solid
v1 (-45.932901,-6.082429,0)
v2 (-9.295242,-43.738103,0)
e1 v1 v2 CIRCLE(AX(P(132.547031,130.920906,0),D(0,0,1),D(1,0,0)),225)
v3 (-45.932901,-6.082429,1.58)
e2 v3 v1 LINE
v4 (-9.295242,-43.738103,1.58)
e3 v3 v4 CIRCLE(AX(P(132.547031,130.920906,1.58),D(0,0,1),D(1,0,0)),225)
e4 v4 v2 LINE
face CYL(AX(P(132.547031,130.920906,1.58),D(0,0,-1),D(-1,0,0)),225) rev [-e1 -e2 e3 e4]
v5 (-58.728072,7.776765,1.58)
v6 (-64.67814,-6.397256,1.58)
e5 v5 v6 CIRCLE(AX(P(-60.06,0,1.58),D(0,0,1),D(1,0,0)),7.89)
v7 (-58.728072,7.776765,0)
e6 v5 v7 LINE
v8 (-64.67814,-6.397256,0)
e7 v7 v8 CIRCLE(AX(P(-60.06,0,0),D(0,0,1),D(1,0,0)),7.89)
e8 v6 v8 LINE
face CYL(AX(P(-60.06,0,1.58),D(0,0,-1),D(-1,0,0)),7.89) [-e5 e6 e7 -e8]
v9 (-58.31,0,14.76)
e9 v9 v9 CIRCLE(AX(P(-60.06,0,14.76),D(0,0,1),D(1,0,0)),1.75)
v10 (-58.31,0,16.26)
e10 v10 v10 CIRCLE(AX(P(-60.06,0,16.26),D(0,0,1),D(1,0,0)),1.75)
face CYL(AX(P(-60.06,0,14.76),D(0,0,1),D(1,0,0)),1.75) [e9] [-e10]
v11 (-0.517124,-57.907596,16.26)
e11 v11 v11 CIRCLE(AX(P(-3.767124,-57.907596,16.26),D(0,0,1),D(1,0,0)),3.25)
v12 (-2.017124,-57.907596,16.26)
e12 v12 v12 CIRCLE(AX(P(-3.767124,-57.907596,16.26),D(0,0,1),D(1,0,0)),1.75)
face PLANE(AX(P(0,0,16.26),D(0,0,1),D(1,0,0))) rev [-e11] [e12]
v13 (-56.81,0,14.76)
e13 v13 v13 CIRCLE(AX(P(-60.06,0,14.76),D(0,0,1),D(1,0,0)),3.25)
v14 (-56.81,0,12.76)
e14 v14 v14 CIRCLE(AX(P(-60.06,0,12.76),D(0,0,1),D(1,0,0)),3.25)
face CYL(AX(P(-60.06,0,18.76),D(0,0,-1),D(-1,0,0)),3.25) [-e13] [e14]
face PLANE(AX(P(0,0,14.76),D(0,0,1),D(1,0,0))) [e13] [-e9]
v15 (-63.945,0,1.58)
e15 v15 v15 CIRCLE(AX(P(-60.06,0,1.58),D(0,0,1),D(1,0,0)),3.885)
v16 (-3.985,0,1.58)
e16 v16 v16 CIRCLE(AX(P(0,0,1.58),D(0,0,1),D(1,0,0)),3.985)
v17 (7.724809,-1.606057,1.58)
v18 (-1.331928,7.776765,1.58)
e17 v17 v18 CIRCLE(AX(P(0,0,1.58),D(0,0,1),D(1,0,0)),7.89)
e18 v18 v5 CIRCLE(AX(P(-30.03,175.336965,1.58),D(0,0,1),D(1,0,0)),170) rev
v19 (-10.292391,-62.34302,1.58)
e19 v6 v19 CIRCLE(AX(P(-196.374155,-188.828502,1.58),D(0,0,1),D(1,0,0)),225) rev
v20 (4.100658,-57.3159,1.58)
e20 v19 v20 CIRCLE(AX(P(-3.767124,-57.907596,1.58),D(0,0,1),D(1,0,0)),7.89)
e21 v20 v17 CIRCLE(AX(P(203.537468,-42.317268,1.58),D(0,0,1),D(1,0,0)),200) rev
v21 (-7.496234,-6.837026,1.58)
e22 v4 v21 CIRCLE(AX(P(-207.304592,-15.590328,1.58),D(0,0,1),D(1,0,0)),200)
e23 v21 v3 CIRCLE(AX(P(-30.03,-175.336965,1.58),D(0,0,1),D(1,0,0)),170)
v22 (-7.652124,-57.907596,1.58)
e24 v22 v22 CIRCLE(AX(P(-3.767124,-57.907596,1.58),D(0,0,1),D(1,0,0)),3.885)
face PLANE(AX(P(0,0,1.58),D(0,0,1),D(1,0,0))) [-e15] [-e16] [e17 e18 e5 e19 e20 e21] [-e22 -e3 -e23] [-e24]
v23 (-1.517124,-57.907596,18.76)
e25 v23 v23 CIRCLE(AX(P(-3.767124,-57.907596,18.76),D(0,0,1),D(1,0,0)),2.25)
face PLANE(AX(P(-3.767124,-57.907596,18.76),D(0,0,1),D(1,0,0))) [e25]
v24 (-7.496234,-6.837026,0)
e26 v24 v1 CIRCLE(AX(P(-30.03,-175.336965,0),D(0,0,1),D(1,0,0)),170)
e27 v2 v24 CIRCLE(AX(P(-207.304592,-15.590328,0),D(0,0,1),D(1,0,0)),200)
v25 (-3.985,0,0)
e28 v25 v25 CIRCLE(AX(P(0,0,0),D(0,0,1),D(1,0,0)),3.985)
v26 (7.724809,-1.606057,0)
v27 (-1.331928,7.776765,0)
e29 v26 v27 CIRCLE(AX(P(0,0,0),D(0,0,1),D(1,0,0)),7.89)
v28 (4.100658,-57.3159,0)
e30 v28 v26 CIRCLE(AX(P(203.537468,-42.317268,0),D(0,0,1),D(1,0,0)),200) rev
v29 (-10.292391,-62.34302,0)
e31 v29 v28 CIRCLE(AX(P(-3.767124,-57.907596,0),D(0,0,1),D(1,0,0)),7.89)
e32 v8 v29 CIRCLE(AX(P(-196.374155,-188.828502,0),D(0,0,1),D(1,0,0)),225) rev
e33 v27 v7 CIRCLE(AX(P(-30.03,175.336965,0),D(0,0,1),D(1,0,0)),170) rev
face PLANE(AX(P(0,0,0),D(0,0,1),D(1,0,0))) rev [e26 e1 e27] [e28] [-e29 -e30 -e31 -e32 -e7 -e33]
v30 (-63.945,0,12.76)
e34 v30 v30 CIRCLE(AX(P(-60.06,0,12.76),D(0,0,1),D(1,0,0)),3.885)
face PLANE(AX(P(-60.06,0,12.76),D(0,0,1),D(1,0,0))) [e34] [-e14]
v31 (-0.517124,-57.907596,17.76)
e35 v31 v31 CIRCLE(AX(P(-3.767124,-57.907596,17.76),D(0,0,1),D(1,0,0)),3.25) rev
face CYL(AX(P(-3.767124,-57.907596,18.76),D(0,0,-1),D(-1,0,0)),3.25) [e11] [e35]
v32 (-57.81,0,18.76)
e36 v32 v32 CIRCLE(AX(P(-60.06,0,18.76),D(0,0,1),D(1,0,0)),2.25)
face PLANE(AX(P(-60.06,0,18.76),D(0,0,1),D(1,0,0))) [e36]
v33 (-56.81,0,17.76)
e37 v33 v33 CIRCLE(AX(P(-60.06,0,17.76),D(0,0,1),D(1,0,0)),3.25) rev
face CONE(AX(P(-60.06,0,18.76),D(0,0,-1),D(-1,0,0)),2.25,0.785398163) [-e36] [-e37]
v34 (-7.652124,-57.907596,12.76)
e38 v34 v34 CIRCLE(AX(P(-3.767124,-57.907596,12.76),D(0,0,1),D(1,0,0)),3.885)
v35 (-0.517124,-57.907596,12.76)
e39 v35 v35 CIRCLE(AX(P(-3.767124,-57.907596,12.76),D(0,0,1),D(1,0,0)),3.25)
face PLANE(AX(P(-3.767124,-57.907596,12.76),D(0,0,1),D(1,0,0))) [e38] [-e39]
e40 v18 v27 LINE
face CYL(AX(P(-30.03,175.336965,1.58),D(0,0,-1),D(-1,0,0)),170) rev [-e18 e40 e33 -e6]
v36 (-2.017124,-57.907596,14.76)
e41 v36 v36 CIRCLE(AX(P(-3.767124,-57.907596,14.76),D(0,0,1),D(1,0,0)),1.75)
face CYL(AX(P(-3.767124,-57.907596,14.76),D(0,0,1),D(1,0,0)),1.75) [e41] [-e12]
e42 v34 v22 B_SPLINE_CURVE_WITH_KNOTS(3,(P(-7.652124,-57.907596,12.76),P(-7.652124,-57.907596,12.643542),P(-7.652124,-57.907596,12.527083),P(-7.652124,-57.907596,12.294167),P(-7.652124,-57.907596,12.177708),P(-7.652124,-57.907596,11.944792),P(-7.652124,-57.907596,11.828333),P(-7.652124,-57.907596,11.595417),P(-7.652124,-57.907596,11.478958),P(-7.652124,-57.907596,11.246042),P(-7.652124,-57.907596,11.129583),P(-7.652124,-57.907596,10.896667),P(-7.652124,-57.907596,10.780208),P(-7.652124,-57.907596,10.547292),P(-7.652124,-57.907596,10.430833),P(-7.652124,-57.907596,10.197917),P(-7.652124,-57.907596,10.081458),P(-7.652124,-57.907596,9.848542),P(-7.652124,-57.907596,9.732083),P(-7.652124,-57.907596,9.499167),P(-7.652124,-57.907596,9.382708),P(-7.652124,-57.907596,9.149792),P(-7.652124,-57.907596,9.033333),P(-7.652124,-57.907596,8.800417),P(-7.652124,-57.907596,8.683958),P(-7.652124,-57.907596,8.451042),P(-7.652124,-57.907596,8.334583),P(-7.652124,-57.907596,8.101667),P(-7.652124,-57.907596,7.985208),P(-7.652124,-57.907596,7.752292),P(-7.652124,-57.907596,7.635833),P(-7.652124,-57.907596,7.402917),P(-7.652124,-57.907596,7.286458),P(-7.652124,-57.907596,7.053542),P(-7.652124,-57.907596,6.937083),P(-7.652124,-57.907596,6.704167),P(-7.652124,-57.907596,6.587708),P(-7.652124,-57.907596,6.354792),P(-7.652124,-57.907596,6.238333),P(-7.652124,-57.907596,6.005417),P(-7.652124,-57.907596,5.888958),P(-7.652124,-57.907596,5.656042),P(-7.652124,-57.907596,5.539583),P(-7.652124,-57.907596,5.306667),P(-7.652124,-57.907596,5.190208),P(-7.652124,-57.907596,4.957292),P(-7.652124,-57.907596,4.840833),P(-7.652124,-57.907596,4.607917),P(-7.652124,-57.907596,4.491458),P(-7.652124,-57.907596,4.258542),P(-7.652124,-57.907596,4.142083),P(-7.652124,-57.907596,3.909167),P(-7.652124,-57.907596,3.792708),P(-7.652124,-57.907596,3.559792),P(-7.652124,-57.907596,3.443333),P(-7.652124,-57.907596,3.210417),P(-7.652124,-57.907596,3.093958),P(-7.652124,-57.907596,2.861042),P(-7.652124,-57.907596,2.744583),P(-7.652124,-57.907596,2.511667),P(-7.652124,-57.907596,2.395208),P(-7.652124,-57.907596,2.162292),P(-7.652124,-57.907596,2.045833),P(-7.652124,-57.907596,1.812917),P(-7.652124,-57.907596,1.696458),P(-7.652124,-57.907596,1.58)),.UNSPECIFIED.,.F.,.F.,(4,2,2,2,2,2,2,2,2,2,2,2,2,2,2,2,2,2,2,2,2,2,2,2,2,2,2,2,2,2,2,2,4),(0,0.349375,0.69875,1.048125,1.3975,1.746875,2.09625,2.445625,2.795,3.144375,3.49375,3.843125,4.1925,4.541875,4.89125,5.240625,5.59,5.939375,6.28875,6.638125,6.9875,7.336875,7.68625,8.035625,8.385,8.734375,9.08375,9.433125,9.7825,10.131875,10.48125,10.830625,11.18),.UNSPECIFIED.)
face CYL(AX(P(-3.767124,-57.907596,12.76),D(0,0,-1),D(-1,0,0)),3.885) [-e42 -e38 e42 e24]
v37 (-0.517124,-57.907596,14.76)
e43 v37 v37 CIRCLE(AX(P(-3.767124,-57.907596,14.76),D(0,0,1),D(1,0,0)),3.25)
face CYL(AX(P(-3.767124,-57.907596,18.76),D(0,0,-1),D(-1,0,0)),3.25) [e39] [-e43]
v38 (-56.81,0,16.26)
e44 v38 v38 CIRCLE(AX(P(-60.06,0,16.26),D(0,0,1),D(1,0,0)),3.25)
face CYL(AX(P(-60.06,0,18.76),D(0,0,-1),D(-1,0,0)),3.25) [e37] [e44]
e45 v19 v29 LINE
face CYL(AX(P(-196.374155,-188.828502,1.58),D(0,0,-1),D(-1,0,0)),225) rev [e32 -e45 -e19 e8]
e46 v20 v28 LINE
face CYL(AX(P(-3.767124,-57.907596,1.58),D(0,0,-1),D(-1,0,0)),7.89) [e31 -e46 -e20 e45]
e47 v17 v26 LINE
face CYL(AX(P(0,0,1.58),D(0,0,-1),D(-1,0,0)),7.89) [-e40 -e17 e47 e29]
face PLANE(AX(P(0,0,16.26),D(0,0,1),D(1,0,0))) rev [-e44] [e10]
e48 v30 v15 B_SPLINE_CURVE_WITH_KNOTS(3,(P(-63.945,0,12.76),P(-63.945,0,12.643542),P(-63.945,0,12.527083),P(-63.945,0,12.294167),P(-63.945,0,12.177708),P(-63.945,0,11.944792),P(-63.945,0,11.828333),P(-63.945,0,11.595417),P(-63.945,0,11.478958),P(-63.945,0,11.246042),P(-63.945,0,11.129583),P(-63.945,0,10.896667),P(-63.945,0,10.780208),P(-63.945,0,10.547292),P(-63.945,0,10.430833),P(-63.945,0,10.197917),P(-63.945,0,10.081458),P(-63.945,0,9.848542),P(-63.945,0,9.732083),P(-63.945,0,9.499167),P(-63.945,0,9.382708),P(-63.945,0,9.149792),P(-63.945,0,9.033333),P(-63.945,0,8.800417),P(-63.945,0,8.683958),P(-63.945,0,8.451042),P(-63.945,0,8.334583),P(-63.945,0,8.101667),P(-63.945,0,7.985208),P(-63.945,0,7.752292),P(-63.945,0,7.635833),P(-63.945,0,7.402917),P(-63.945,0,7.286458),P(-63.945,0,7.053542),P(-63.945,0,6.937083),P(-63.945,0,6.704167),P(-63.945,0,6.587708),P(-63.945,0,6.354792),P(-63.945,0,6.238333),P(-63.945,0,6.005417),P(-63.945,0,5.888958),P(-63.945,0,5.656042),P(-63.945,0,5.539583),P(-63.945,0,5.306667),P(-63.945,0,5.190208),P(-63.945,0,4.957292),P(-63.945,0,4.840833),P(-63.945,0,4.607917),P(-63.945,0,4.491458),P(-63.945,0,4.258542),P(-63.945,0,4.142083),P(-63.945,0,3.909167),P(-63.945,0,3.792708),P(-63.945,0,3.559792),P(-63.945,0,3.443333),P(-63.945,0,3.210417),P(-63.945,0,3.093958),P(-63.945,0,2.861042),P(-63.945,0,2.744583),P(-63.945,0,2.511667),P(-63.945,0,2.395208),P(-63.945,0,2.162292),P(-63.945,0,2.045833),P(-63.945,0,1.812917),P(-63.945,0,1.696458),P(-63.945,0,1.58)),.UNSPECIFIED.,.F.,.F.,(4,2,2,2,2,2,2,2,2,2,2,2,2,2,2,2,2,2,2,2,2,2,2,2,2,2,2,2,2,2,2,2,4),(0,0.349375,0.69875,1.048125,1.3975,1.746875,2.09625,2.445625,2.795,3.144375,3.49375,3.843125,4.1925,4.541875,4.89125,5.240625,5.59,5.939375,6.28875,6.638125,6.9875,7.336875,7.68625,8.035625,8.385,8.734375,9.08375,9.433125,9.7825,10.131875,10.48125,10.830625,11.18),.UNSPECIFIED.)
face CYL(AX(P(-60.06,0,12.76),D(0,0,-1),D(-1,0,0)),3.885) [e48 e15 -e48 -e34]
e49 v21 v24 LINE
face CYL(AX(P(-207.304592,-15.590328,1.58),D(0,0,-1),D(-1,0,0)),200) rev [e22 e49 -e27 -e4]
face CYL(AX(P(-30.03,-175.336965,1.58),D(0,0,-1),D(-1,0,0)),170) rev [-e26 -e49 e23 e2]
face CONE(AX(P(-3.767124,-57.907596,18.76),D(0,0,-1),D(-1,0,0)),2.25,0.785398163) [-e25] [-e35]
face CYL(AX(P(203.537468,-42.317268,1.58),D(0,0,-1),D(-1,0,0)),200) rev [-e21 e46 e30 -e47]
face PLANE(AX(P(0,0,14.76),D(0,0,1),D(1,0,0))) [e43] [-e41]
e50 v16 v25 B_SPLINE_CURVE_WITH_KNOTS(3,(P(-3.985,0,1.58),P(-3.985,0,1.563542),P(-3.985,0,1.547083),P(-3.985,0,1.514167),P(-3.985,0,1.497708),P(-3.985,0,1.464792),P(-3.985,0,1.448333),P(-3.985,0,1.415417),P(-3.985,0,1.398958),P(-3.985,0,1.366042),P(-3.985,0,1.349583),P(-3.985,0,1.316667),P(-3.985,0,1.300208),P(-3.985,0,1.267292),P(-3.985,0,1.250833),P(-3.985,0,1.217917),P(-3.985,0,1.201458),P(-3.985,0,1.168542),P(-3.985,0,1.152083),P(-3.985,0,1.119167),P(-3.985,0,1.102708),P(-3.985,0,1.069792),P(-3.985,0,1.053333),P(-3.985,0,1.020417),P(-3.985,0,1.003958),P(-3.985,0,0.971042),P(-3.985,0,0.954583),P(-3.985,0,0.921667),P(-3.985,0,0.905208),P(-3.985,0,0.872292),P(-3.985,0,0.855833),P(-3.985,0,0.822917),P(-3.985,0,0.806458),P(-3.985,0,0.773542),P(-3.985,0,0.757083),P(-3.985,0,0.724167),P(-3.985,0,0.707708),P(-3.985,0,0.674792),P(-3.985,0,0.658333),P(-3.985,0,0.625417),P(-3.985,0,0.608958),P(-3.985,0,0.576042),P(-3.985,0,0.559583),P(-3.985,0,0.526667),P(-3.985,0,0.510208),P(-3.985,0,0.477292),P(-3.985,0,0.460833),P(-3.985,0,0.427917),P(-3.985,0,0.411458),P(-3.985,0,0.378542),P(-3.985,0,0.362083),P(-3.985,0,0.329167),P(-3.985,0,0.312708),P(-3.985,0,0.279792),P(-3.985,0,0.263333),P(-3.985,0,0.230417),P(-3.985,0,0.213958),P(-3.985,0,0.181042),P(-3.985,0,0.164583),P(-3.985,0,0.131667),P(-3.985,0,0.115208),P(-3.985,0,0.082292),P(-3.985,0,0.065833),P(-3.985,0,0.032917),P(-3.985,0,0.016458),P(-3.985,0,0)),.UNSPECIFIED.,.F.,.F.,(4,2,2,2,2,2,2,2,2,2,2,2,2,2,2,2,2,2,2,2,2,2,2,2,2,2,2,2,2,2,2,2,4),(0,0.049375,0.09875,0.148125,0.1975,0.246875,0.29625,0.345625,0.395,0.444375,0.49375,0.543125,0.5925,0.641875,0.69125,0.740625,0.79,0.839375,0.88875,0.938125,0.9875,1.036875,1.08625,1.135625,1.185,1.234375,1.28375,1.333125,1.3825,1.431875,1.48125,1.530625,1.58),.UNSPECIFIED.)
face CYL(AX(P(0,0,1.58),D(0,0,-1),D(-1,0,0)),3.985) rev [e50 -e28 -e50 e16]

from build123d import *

# Parameters (mm, degrees)
ESQUISSE1_R             = 7.89
ESQUISSE1_R_2           = 3.885
ESQUISSE1_R_3           = 3.985
BOSS_EXTRU_1_DEPTH      = 1.58
BOSS_EXTRU_2_START      = 1.58
ESQUISSE1_3_R           = 3.885
BOSS_EXTRU_2_DEPTH      = 11.18
ESQUISSE2_R             = 3.25
BOSS_EXTRU_3_DEPTH      = 6
ENL_V_START             = -4
ESQUISSE3_R             = 3.25
ESQUISSE3_R_2           = 1.75
ENL_V_MAT_EXTRU_1_DEPTH = 1.5
CHANFREIN1_SIZE         = 1


with BuildPart() as part:
    # Esquisse1 → Boss.-Extru.1 (new body)
    # profile 1 of 11: a face of its own
    with BuildSketch(Plane(origin=(0, 0, 0), x_dir=(0, 1, 0), z_dir=(0, 0, 1))):
        with Locations((-57.907596038, 3.76712371)):
            Circle(ESQUISSE1_R)
        with Locations((-57.907596038, 3.76712371)):
            Circle(ESQUISSE1_R_2, mode=Mode.SUBTRACT)
    # profile 2 of 11: a face of its own
    with BuildSketch(Plane(origin=(0, 0, 0), x_dir=(0, 1, 0), z_dir=(0, 0, 1))):
        with Locations((-57.907596038, 3.76712371)):
            Circle(ESQUISSE1_R_2)
    # profile 3 of 11: a face of its own
    with BuildSketch(Plane(origin=(0, 0, 0), x_dir=(0, 1, 0), z_dir=(0, 0, 1))):
        with BuildLine():
            ThreePointArc((-56.301538768, 11.491933095), (-51.786979572, 8.746094895), (-50.017596038, 3.76712371))
            ThreePointArc((-50.017596038, 3.76712371), (-50.400051579, 1.340423031), (-51.510340319, -0.851016528))
            ThreePointArc((-51.510340319, -0.851016528), (-47.696280505, 4.277310952), (-43.738103365, 9.295241675))
            ThreePointArc((-43.738103365, 9.295241675), (-50.037335941, 10.293415373), (-56.301538768, 11.491933095))
        make_face()
    # profile 4 of 11: a face of its own
    with BuildSketch(Plane(origin=(0, 0, 0), x_dir=(0, 1, 0), z_dir=(0, 0, 1))):
        with BuildLine():
            ThreePointArc((-62.343020281, 10.292390891), (-59.444168438, 11.506054208), (-56.301538768, 11.491933095))
            ThreePointArc((-56.301538768, 11.491933095), (-50.037335941, 10.293415373), (-43.738103365, 9.295241675))
            ThreePointArc((-43.738103365, 9.295241675), (-25.983312523, 28.716933044), (-6.082429339, 45.932900691))
            ThreePointArc((-6.082429339, 45.932900691), (-6.808122629, 52.346571885), (-7.776764583, 58.728071842))
            ThreePointArc((-7.776764583, 58.728071842), (-7.686126552, 61.842009718), (-6.39725572, 64.678140238))
            ThreePointArc((-6.39725572, 64.678140238), (-31.994708958, 35.041699087), (-62.343020281, 10.292390891))
        make_face()
    # profile 5 of 11: a face of its own
    with BuildSketch(Plane(origin=(0, 0, 0), x_dir=(0, 1, 0), z_dir=(0, 0, 1))):
        with BuildLine():
            ThreePointArc((-7.776764583, 58.728071842), (-6.808122629, 52.346571885), (-6.082429339, 45.932900691))
            ThreePointArc((-6.082429339, 45.932900691), (-0.878320654, 49.809662788), (4.435424243, 53.534732819))
            ThreePointArc((4.435424243, 53.534732819), (-3.087690297, 52.799265283), (-7.776764583, 58.728071842))
        make_face()
    # profile 6 of 11: a face of its own
    with BuildSketch(Plane(origin=(0, 0, 0), x_dir=(0, 1, 0), z_dir=(0, 0, 1))):
        with Locations((0, 60.06)):
            Circle(ESQUISSE1_R)
        with Locations((0, 60.06)):
            Circle(ESQUISSE1_R_2, mode=Mode.SUBTRACT)
    # profile 7 of 11: a face of its own
    with BuildSketch(Plane(origin=(0, 0, 0), x_dir=(0, 1, 0), z_dir=(0, 0, 1))):
        with Locations((0, 60.06)):
            Circle(ESQUISSE1_R_2)
    # profile 8 of 11: a face of its own
    with BuildSketch(Plane(origin=(0, 0, 0), x_dir=(0, 1, 0), z_dir=(0, 0, 1))):
        with BuildLine():
            ThreePointArc((-43.738103365, 9.295241675), (-47.696280505, 4.277310952), (-51.510340319, -0.851016528))
            ThreePointArc((-51.510340319, -0.851016528), (-54.053844003, -3.117692573), (-57.315900013, -4.100658431))
            ThreePointArc((-57.315900013, -4.100658431), (-29.333901967, -3.959332501), (-1.606057271, -7.724809386))
            ThreePointArc((-1.606057271, -7.724809386), (-6.520388042, -4.442593812), (-7.776764583, 1.331928158))
            ThreePointArc((-7.776764583, 1.331928158), (-7.278629827, 4.40977224), (-6.837025839, 7.496234348))
            ThreePointArc((-6.837025839, 7.496234348), (-25.32919367, 7.541846284), (-43.738103365, 9.295241675))
        make_face()
    # profile 9 of 11: a face of its own
    with BuildSketch(Plane(origin=(0, 0, 0), x_dir=(0, 1, 0), z_dir=(0, 0, 1))):
        with BuildLine():
            ThreePointArc((4.435424243, 53.534732819), (-0.878320654, 49.809662788), (-6.082429339, 45.932900691))
            ThreePointArc((-6.082429339, 45.932900691), (-5.369716255, 26.693168194), (-6.837025839, 7.496234348))
            ThreePointArc((-6.837025839, 7.496234348), (-3.712908005, 7.657586059), (-0.591696025, 7.867782141))
            ThreePointArc((-0.591696025, 7.867782141), (4.85650588, 6.218235331), (7.776764583, 1.331928158))
            ThreePointArc((7.776764583, 1.331928158), (5.336964728, 30.03), (7.776764583, 58.728071842))
            ThreePointArc((7.776764583, 58.728071842), (6.635290614, 55.790922996), (4.435424243, 53.534732819))
        make_face()
    # profile 10 of 11: a face of its own
    with BuildSketch(Plane(origin=(0, 0, 0), x_dir=(0, 1, 0), z_dir=(0, 0, 1))):
        with BuildLine():
            ThreePointArc((-0.591696025, 7.867782141), (-3.712908005, 7.657586059), (-6.837025839, 7.496234348))
            ThreePointArc((-6.837025839, 7.496234348), (-7.278629827, 4.40977224), (-7.776764583, 1.331928158))
            ThreePointArc((-7.776764583, 1.331928158), (-5.309155306, 5.836520362), (-0.591696025, 7.867782141))
        make_face()
    # profile 11 of 11: a face of its own
    with BuildSketch(Plane(origin=(0, 0, 0), x_dir=(0, 1, 0), z_dir=(0, 0, 1))):
        Circle(ESQUISSE1_R)
        with Locations(Location((0, 0, 0), (0, 0, 90))):
            Circle(ESQUISSE1_R_3, mode=Mode.SUBTRACT)
    extrude(amount=BOSS_EXTRU_1_DEPTH)

    # Esquisse1<3> → Boss.-Extru.2 (add)
    with BuildSketch(Plane(origin=(0, 0, 0), x_dir=(0, 1, 0), z_dir=(0, 0, 1)).offset(BOSS_EXTRU_2_START)):
        with Locations(Location((0, 60.06, 0), (0, 0, 90))):
            Circle(ESQUISSE1_3_R)
        with Locations(Location((-57.907596038, 3.76712371, 0), (0, 0, 90))):
            Circle(ESQUISSE1_3_R)
    extrude(amount=BOSS_EXTRU_2_DEPTH)

    # Esquisse2 → Boss.-Extru.3 (add)
    with BuildSketch(Plane.XY.offset(12.76)):
        with Locations((-3.76712371, -57.907596038)):
            Circle(ESQUISSE2_R)
        with Locations((-60.06, 0)):
            Circle(ESQUISSE2_R)
    extrude(amount=BOSS_EXTRU_3_DEPTH)

    # Esquisse3 → Enlèv. mat.-Extru.1 (cut)
    # profile 1 of 2: a face of its own
    with BuildSketch(Plane.XY.offset(18.76).offset(ENL_V_START)):
        with Locations((-60.06, 0)):
            Circle(ESQUISSE3_R)
        with Locations((-60.06, 0)):
            Circle(ESQUISSE3_R_2, mode=Mode.SUBTRACT)
    # profile 2 of 2: a face of its own
    with BuildSketch(Plane.XY.offset(18.76).offset(ENL_V_START)):
        with Locations((-3.76712371, -57.907596038)):
            Circle(ESQUISSE3_R)
        with Locations((-3.76712371, -57.907596038)):
            Circle(ESQUISSE3_R_2, mode=Mode.SUBTRACT)
    extrude(amount=ENL_V_MAT_EXTRU_1_DEPTH, mode=Mode.SUBTRACT)

    # Chanfrein1
    chanfrein1_edges = [part.edges().sort_by_distance(p)[0] for p in [
        (-7.01712371, -57.907596038, 18.76),
        (-63.31, 0, 18.76),
    ]]
    chamfer(chanfrein1_edges, length=CHANFREIN1_SIZE)


solid = part.part
